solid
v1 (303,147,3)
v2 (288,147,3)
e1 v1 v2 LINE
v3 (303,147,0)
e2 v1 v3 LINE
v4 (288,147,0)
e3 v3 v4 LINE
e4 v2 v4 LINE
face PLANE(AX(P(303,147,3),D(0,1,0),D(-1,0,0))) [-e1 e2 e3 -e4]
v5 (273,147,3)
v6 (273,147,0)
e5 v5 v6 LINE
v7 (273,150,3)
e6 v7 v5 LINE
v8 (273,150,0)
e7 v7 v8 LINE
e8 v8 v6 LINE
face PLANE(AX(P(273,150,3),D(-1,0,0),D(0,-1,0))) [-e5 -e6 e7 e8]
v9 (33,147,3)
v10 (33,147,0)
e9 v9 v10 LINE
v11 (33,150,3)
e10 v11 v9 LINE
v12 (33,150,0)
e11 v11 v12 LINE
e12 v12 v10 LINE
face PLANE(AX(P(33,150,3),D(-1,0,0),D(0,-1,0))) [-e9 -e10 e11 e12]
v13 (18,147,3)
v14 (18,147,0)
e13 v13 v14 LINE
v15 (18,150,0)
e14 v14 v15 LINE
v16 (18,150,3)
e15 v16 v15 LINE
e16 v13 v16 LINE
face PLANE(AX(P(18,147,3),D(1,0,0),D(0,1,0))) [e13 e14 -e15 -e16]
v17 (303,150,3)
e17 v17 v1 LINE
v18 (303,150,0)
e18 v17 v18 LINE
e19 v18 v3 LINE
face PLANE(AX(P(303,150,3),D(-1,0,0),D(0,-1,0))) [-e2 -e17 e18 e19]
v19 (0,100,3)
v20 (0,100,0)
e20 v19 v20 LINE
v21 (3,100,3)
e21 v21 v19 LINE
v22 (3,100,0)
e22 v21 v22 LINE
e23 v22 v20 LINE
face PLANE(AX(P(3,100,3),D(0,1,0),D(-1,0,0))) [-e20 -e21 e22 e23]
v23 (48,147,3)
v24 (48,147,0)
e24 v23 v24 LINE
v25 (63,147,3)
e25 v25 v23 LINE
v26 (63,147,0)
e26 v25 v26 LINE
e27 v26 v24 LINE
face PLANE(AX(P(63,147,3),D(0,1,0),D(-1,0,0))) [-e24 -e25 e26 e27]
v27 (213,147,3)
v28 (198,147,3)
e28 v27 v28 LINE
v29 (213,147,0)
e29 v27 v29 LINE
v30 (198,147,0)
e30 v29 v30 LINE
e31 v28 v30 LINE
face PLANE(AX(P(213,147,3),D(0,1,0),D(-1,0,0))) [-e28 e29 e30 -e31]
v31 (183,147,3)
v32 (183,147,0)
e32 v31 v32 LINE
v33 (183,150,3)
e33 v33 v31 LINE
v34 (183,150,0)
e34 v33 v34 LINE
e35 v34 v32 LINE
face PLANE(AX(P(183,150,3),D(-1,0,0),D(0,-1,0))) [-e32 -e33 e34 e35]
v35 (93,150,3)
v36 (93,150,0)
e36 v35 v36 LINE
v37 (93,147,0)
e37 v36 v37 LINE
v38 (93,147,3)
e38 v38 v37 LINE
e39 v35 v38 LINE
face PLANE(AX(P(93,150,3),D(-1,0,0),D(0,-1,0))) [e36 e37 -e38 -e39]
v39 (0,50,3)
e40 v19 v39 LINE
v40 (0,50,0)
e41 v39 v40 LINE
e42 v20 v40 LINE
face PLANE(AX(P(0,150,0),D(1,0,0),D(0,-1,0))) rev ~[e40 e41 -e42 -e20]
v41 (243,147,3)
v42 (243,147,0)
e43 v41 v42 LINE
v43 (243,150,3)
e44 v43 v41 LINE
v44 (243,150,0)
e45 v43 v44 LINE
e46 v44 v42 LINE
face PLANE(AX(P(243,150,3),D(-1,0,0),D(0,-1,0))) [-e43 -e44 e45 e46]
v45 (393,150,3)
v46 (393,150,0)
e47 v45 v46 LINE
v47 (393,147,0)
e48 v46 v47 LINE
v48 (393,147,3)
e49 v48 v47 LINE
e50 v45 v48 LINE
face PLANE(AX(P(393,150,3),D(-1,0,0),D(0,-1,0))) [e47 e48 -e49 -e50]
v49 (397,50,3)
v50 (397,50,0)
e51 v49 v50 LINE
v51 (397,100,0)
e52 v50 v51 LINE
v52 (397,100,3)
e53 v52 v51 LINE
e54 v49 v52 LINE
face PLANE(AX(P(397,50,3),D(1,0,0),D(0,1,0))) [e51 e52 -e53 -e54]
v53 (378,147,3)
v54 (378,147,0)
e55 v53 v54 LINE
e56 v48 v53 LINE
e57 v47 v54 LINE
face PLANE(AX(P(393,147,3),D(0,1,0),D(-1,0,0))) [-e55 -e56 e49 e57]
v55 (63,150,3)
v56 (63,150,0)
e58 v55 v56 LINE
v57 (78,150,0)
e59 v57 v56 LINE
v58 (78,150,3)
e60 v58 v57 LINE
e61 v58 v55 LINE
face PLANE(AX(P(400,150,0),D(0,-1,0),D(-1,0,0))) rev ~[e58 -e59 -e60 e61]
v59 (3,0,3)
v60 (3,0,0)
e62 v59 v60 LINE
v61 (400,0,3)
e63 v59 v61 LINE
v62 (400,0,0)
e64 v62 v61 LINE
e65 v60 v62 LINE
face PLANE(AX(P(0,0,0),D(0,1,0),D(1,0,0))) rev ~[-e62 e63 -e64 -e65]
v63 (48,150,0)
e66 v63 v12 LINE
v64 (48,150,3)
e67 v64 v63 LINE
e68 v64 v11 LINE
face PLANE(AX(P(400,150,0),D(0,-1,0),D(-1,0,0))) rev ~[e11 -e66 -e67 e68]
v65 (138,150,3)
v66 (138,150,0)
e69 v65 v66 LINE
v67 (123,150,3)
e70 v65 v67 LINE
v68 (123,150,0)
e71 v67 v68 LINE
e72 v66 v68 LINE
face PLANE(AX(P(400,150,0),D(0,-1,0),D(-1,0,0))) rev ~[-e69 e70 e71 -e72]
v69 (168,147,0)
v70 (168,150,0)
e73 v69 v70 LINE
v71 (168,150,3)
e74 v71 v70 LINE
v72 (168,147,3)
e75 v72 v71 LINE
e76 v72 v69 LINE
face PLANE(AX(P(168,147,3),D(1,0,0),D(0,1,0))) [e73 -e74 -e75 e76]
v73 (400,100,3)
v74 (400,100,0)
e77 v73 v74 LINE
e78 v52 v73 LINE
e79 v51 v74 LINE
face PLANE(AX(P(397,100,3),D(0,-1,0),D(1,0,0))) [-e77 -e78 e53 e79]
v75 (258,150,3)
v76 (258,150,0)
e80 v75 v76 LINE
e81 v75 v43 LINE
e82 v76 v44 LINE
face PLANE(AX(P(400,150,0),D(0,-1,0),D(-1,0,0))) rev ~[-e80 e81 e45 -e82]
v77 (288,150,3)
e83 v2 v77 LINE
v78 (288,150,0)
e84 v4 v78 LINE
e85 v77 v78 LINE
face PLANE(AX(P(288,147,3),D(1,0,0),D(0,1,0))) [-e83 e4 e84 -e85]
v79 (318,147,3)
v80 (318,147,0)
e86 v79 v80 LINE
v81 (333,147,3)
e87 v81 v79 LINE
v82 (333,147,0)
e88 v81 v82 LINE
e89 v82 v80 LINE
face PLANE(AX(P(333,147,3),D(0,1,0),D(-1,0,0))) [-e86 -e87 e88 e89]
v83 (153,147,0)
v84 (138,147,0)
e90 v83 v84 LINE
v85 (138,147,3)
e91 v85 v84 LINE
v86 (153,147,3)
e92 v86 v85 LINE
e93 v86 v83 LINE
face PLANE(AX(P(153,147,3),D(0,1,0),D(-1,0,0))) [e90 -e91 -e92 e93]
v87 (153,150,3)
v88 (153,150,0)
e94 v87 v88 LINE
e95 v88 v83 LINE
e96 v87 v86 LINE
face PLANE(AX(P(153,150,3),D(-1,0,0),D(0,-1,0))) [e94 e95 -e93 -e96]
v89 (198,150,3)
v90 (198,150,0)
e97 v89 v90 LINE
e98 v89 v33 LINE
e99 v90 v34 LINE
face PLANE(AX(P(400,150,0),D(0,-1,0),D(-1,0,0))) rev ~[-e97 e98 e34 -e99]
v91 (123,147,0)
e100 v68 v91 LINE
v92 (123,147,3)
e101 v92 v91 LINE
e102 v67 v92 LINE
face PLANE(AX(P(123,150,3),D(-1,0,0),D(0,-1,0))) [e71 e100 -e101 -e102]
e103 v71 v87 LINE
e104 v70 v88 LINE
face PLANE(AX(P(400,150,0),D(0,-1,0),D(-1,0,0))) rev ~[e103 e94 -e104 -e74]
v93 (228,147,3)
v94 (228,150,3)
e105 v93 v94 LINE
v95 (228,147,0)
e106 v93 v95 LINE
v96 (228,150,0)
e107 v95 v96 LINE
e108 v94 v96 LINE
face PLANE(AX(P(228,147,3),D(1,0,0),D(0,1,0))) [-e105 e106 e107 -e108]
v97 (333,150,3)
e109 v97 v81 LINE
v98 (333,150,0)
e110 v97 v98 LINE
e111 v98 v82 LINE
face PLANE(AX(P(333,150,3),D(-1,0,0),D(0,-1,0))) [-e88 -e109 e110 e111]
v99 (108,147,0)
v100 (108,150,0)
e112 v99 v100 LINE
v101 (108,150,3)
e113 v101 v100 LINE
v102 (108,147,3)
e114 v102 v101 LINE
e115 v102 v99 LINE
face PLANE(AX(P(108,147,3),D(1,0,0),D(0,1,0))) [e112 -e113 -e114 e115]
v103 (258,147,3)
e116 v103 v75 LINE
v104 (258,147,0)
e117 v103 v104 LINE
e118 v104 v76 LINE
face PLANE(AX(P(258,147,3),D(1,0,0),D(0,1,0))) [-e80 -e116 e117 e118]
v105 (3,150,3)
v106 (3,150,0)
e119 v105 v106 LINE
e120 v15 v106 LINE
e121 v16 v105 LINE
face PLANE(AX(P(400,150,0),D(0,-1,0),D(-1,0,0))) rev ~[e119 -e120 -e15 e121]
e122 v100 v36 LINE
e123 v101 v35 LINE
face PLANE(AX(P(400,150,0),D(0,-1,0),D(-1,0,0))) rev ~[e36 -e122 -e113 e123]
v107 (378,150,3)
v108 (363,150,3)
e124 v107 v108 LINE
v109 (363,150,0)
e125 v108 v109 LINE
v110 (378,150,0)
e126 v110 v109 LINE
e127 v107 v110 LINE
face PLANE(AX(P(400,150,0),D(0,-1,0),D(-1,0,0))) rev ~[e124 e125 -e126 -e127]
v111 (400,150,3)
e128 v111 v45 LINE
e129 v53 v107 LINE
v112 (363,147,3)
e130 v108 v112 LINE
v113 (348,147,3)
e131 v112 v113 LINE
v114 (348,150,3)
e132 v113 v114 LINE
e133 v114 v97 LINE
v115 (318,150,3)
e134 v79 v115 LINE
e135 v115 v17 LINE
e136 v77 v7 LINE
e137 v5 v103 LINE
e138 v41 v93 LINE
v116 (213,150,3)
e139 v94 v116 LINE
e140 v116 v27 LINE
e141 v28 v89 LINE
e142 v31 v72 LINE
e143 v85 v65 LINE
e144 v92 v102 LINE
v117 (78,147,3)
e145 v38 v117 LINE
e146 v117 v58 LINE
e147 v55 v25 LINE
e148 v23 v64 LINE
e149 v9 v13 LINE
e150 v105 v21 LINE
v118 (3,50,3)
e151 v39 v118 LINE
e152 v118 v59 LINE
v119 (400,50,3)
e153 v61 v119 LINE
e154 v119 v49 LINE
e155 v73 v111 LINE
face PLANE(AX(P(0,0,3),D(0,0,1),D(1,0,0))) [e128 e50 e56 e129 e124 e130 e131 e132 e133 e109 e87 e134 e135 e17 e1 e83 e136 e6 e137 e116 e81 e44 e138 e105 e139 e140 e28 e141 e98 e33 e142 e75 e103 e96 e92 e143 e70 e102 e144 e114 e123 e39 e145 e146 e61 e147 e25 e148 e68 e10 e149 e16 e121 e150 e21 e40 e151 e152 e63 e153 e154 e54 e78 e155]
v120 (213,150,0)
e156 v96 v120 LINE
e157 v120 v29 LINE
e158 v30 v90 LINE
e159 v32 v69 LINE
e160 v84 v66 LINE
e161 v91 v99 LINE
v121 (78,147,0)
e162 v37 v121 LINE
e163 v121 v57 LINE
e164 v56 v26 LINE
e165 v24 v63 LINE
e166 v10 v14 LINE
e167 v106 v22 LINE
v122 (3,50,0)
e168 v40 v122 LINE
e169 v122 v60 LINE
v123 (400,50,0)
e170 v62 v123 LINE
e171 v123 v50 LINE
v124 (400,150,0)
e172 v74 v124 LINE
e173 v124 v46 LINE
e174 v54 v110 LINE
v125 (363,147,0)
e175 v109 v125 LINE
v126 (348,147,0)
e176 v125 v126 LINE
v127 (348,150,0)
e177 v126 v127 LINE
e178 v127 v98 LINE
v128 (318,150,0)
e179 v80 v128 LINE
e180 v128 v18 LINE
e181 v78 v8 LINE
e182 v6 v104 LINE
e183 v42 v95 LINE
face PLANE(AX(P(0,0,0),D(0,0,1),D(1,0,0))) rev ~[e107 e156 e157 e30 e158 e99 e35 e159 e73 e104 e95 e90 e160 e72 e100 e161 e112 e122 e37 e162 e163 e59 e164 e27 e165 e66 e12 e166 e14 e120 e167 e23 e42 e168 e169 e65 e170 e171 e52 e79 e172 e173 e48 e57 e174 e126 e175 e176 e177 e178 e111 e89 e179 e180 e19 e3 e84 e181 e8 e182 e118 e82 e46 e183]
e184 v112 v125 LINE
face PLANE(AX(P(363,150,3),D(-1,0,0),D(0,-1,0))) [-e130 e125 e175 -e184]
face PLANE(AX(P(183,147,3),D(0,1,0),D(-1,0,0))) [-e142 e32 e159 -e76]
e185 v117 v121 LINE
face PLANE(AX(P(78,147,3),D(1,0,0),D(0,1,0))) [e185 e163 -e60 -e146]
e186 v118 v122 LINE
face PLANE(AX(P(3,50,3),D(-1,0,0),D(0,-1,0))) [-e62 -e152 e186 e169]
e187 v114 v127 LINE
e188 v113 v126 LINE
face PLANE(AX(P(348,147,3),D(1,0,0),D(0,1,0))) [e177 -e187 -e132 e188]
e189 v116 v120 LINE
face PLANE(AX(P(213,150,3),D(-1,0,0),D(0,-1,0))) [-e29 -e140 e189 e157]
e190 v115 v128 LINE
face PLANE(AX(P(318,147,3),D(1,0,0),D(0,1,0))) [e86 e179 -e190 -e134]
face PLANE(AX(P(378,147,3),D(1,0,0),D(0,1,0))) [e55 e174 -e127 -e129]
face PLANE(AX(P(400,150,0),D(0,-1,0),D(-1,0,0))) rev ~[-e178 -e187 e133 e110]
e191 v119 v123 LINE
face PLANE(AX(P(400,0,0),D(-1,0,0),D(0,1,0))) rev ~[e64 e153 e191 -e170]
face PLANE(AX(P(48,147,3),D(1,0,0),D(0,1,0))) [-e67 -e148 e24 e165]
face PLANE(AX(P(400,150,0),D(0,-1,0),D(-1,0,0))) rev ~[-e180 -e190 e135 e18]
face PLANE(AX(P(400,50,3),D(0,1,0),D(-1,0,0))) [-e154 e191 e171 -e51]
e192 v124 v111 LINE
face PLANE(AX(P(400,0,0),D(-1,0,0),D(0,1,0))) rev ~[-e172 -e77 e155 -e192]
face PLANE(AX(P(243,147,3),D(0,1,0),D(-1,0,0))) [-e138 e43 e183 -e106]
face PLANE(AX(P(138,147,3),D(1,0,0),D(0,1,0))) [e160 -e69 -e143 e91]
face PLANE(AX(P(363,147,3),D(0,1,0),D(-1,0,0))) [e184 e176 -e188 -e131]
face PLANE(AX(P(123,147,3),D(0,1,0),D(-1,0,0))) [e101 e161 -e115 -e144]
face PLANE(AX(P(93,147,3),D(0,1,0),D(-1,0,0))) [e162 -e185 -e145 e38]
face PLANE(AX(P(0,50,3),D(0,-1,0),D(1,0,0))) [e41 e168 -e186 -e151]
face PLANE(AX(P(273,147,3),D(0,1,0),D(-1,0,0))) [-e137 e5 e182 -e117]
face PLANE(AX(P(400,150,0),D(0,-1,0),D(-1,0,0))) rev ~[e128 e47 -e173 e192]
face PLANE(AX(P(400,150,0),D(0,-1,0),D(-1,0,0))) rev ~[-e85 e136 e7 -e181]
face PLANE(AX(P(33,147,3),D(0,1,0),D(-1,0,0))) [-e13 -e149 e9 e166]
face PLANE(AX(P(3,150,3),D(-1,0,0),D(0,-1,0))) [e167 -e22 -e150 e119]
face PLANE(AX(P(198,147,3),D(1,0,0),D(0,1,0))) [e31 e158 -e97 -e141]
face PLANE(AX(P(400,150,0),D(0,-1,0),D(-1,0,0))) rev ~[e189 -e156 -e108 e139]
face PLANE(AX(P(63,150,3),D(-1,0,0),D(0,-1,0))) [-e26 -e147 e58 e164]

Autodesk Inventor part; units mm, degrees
ref_plane "YZ Plane" through (0, 0, 0) normal (1, 0, 0) x (0, 1, 0)
ref_plane "XZ Plane" through (0, 0, 0) normal (0, 1, 0) x (-1, 0, 0)
ref_plane "XY Plane" through (0, 0, 0) normal (0, 0, 1) x (1, 0, 0)
sketch "Boceto1" plane through (0, 0, 0) normal (0, 0, 1) x (1, 0, 0)
  line L0 (0, 0) -> (400, 0)
  line L1 (400, 0) -> (400, 150)
  line L2 (400, 150) -> (0, 150)
  line L3 (0, 150) -> (0, 0)
  dimension "d0" = 150
  dimension "d1" = 400
extrude "Extrusión1" add sketch "Boceto1" along normal blind 3
sketch "Boceto3" plane through (0, 0, 3) normal (0, 0, 1) x (1, 0, 0)
  line L0 (0, 0) -> (400, 0) construction
  line L1 (400, 0) -> (400, 150) construction
  line L2 (400, 150) -> (0, 150) construction
  line L3 (0, 150) -> (0, 0) construction
  line L4 (0, 50) -> (3, 50)
  line L5 (3, 50) -> (3, 0)
  line L6 (3, 0) -> (0, 0)
  line L7 (0, 0) -> (0, 50)
  line L8 (0, 100) -> (0, 150)
  line L9 (0, 150) -> (3, 150)
  line L10 (3, 150) -> (3, 100)
  line L11 (3, 100) -> (0, 100)
  line L12 (397, 100) -> (400, 100)
  line L13 (400, 100) -> (400, 50)
  line L14 (400, 50) -> (397, 50)
  line L15 (397, 50) -> (397, 100)
  line L16 (400, 0) -> (400, 150) construction
  point P0 (400, 75)
  point P1 (400, 75)
  dimension "d15" = 3
  dimension "d16" = 50
  dimension "d19" = 100
  dimension "d24" = 3
  dimension "d25" = 50
extrude "Extrusión3" cut sketch "Boceto3" against normal blind 3
sketch "Boceto4" plane through (0, 0, 3) normal (0, 0, 1) x (1, 0, 0)
  line L0 (3, 150) -> (3, 100) construction
  line L1 (3, 100) -> (0, 100) construction
  line L2 (0, 100) -> (0, 50) construction
  line L3 (0, 50) -> (3, 50) construction
  line L4 (3, 50) -> (3, 0) construction
  line L5 (3, 0) -> (400, 0) construction
  line L6 (400, 0) -> (400, 50) construction
  line L7 (400, 50) -> (397, 50) construction
  line L8 (397, 50) -> (397, 100) construction
  line L9 (397, 100) -> (400, 100) construction
  line L10 (400, 100) -> (400, 150) construction
  line L11 (400, 150) -> (3, 150) construction
  line L12 (18, 150) -> (33, 150)
  line L13 (33, 150) -> (33, 147)
  line L14 (33, 147) -> (18, 147)
  line L15 (18, 147) -> (18, 150)
  line L16 (3, 0) -> (400, 0) construction
  line L17 (63, 147) -> (48, 147)
  line L18 (48, 147) -> (48, 150)
  line L19 (48, 150) -> (63, 150)
  line L20 (63, 150) -> (63, 147)
  line L21 (93, 147) -> (78, 147)
  line L22 (78, 147) -> (78, 150)
  line L23 (78, 150) -> (93, 150)
  line L24 (93, 150) -> (93, 147)
  line L25 (123, 147) -> (108, 147)
  line L26 (108, 147) -> (108, 150)
  line L27 (108, 150) -> (123, 150)
  line L28 (123, 150) -> (123, 147)
  line L29 (153, 147) -> (138, 147)
  line L30 (138, 147) -> (138, 150)
  line L31 (138, 150) -> (153, 150)
  line L32 (153, 150) -> (153, 147)
  line L33 (183, 147) -> (168, 147)
  line L34 (168, 147) -> (168, 150)
  line L35 (168, 150) -> (183, 150)
  line L36 (183, 150) -> (183, 147)
  line L37 (213, 147) -> (198, 147)
  line L38 (198, 147) -> (198, 150)
  line L39 (198, 150) -> (213, 150)
  line L40 (213, 150) -> (213, 147)
  line L41 (243, 147) -> (228, 147)
  line L42 (228, 147) -> (228, 150)
  line L43 (228, 150) -> (243, 150)
  line L44 (243, 150) -> (243, 147)
  line L45 (273, 147) -> (258, 147)
  line L46 (258, 147) -> (258, 150)
  line L47 (258, 150) -> (273, 150)
  line L48 (273, 150) -> (273, 147)
  line L49 (303, 147) -> (288, 147)
  line L50 (288, 147) -> (288, 150)
  line L51 (288, 150) -> (303, 150)
  line L52 (303, 150) -> (303, 147)
  line L53 (333, 147) -> (318, 147)
  line L54 (318, 147) -> (318, 150)
  line L55 (318, 150) -> (333, 150)
  line L56 (333, 150) -> (333, 147)
  line L57 (363, 147) -> (348, 147)
  line L58 (348, 147) -> (348, 150)
  line L59 (348, 150) -> (363, 150)
  line L60 (363, 150) -> (363, 147)
  line L61 (393, 147) -> (378, 147)
  line L62 (378, 147) -> (378, 150)
  line L63 (378, 150) -> (393, 150)
  line L64 (393, 150) -> (393, 147)
  line L65 (400, 150) -> (3, 150) construction
  point P0 (0, 0)
  dimension "d28" = 3
  dimension "d29" = 15
  dimension "d30" = 15
  dimension "d33" = 30
extrude "Extrusión4" cut sketch "Boceto4" against normal blind 10
properties part number "Pared1"
